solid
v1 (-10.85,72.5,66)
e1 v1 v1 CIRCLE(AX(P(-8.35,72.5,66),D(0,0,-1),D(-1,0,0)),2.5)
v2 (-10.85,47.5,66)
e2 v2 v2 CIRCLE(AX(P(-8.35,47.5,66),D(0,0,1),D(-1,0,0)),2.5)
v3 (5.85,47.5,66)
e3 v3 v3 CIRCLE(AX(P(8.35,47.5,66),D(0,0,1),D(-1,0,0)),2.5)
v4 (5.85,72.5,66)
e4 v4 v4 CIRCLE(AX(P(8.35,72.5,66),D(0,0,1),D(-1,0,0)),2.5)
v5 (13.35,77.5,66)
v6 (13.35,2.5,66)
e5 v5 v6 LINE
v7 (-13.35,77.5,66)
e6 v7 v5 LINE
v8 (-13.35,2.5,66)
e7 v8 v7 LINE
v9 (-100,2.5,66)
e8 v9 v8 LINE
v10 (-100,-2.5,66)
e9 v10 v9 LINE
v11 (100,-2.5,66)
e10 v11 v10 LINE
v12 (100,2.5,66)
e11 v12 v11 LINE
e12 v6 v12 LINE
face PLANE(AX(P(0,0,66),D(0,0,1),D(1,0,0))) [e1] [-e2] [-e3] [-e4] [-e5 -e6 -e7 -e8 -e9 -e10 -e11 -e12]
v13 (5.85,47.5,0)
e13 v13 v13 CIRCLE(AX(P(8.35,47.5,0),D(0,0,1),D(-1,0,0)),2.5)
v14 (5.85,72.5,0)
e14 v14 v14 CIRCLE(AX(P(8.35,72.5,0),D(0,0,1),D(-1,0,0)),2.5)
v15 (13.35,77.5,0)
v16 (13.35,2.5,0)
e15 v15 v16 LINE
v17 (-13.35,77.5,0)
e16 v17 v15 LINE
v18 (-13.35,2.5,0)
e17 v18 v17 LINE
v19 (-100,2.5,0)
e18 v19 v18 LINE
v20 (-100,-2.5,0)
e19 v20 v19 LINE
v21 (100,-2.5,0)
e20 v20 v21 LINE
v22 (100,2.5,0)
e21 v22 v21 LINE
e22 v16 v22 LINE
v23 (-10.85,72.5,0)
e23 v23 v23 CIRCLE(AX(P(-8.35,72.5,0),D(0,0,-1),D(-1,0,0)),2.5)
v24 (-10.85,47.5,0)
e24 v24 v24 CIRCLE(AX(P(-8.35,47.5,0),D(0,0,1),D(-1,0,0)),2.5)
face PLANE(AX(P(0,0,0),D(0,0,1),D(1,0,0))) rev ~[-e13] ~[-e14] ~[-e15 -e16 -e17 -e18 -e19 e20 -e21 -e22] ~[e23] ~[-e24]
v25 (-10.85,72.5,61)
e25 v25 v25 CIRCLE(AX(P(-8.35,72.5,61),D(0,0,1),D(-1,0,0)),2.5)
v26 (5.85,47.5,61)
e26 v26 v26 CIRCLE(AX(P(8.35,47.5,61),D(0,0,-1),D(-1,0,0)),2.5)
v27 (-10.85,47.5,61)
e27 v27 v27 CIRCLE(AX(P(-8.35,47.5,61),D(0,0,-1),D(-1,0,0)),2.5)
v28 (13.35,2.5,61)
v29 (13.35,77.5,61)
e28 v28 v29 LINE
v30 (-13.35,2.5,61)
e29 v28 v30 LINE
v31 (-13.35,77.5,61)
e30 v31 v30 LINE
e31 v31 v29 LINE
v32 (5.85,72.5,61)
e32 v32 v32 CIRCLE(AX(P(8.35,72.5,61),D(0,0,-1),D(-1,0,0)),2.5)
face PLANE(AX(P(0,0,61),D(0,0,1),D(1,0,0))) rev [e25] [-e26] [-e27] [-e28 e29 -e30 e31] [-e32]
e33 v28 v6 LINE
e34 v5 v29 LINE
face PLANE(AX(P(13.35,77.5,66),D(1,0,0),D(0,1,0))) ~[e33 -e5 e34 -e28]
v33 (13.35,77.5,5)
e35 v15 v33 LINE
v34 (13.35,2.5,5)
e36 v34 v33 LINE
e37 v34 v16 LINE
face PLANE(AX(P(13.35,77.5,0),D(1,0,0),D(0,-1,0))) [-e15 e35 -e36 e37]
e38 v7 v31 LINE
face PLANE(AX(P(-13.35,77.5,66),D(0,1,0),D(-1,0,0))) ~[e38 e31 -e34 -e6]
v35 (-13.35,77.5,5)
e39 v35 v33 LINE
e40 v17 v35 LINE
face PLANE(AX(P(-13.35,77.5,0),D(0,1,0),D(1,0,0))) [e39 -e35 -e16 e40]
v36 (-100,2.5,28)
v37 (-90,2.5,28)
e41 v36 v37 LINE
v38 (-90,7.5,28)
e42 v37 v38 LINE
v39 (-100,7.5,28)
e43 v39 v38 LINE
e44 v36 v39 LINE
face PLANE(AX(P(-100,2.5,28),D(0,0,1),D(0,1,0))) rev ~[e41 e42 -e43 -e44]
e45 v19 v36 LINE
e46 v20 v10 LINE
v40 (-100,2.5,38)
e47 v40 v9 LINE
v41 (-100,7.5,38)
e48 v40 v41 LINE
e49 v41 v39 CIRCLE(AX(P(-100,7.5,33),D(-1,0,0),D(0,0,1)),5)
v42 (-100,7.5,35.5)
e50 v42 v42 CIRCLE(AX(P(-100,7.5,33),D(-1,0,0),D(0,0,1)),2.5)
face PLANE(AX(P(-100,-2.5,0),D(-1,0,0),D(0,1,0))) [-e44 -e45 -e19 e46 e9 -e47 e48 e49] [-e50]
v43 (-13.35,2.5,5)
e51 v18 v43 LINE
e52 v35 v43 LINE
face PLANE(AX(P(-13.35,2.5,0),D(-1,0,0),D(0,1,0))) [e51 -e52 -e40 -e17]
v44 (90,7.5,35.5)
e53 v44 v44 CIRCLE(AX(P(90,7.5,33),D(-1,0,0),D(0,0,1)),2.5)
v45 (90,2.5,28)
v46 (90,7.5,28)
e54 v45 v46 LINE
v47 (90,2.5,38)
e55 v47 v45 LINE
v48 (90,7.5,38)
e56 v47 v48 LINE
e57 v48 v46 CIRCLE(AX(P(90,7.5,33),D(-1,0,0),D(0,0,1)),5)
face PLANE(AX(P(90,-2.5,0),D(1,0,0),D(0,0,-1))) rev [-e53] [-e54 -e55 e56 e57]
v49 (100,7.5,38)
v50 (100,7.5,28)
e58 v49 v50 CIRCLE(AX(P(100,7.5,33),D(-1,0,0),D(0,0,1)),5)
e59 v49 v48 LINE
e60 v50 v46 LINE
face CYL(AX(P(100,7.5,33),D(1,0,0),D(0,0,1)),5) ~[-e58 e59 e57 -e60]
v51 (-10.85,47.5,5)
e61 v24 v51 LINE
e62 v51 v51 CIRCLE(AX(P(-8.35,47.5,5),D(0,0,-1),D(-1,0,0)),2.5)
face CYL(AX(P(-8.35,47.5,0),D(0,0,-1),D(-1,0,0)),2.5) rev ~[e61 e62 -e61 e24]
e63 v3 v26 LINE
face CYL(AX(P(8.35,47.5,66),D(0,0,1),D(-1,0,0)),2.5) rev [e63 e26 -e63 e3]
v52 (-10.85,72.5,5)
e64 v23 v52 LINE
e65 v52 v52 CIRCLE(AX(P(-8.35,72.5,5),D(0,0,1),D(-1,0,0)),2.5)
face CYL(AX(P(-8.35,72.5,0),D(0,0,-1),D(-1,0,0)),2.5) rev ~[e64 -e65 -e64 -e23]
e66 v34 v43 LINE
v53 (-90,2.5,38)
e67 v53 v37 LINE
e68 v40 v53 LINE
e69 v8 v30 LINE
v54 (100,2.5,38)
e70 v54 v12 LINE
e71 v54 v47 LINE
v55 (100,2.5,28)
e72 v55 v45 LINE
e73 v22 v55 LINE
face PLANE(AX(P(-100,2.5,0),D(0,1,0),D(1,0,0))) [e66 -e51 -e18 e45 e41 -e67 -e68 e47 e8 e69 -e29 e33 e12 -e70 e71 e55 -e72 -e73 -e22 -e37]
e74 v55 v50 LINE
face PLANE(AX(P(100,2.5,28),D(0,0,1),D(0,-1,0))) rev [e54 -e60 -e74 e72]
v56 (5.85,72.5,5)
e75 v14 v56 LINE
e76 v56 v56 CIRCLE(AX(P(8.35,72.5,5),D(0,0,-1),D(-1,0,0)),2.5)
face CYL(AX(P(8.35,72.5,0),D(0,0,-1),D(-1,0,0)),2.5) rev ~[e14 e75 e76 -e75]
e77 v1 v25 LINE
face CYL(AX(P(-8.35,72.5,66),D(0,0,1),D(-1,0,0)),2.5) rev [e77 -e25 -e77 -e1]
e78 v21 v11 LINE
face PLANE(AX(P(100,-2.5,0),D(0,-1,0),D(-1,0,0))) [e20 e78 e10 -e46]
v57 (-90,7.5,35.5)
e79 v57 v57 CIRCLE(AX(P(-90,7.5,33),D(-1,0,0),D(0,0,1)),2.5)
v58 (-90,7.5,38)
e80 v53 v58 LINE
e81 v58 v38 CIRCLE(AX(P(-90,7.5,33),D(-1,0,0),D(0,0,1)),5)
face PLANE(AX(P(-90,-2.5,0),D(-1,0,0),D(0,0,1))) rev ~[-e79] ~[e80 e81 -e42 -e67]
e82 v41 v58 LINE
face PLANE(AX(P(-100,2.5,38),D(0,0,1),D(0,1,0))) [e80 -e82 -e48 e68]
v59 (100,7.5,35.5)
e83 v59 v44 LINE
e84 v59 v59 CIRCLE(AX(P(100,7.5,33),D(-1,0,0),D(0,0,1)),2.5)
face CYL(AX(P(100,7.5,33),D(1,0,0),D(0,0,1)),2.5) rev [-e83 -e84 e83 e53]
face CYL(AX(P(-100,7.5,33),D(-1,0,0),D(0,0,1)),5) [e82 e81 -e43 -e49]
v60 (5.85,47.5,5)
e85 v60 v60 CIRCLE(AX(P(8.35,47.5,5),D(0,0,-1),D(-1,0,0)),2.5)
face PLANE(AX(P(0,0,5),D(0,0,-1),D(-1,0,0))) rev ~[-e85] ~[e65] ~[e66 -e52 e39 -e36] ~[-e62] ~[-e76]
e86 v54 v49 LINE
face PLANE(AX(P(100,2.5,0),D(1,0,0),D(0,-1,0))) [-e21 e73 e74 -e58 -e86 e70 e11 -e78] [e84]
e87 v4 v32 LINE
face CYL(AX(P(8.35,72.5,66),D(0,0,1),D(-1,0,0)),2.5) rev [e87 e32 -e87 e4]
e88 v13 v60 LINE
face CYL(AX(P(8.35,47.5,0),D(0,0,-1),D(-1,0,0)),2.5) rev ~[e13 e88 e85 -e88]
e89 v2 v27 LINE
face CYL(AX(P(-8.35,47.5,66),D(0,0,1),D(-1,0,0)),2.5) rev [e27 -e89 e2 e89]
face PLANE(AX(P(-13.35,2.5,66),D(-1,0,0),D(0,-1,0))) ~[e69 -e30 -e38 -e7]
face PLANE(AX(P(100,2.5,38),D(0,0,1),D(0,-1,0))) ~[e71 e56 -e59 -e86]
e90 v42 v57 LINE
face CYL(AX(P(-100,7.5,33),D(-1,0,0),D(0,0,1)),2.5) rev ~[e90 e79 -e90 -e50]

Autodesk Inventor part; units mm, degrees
ref_plane "YZ Plane" through (0, 0, 0) normal (1, 0, 0) x (0, 1, 0)
sketch "Sketch1" plane through (0, 0, 0) normal (0, 0, 1) x (1, 0, 0)
  line L0 (100, -2.5) -> (-100, -2.5)
  line L1 (-100, -2.5) -> (-100, 2.5)
  line L2 (-100, 2.5) -> (100, 2.5)
  line L3 (100, 2.5) -> (100, -2.5)
  line L4 (100, -2.5) -> (-100, 2.5) construction
  line L5 (-100, -2.5) -> (100, 2.5) construction
  point P0 (0, 0)
  dimension "d0" = 200
  dimension "d1" = 5
extrude "Extrusion1" add sketch "Sketch1" along normal blind 66
sketch "Sketch2" plane through (0, 0, 0) normal (0, 0, -1) x (-1, 0, 0)
  line L0 (-8.35, 72.5) -> (8.35, 72.5)
  line L1 (8.35, 72.5) -> (8.35, 47.5)
  line L2 (8.35, 47.5) -> (-8.35, 47.5)
  line L3 (-8.35, 47.5) -> (-8.35, 72.5)
  line L4 (-8.35, 72.5) -> (8.35, 47.5) construction
  line L5 (8.35, 72.5) -> (-8.35, 47.5) construction
  line L6 (-13.35, -2.5) -> (13.35, -2.5)
  line L7 (13.35, -2.5) -> (13.35, 77.5)
  line L8 (13.35, 77.5) -> (-13.35, 77.5)
  line L9 (-13.35, 77.5) -> (-13.35, -2.5)
  line L10 (-13.35, -2.5) -> (13.35, 77.5) construction
  line L11 (13.35, -2.5) -> (-13.35, 77.5) construction
  circle A0 centre (-8.35, 47.5) radius 2.5
  circle A1 centre (8.35, 47.5) radius 2.5
  circle A2 centre (8.35, 72.5) radius 2.5
  circle A3 centre (-8.35, 72.5) radius 2.5
  line L12 (-100, 2.5) -> (100, 2.5) projected
  line L13 (100, -2.5) -> (-100, -2.5) projected
  point P0 (0, -2.5)
  dimension "d4" = 25
  dimension "d5" = 16.7
  dimension "d6" = 5
  dimension "d7" = 5
  dimension "d8" = 5
  dimension "d11" = 5
  dimension "d12" = 5
  dimension "d13" = 5
  dimension "d14" = 5
  dimension "d33" = 50
extrude "Extrusion3" cut sketch "Sketch2" along normal blind 5 contours L3 A3 L0 | L0 A3 L3 | A2 L1 L0 | L0 L1 A2 | A0 L2 L3 | L3 L2 A0 | A1 L2 L1 | L1 L2 A1
sketch "Sketch3" plane through (-100, 2.5, 66) normal (0, 1, 0) x (1, 0, 0)
  line L0 (200, 66) -> (0, 66) projected
  line L1 (0, 66) -> (0, 0) projected
  line L2 (200, 0) -> (0, 0) projected
  line L3 (200, 66) -> (200, 0) projected
  line L4 (0, 66) -> (0, 0) projected
  line L5 (200, 66) -> (200, 0) projected
  line L6 (100, 33) -> (100, 66)
  line L7 (100, 33) -> (100, 0)
  line L8 (0, 0) -> (200, 0) projected
  line L9 (100, 33) -> (200, 33)
  circle A0 centre (100, 33) radius 4
  circle A1 centre (150, 33) radius 4
  line L10 (100, 33) -> (200, 33)
  line L11 (200, 66) -> (200, 0) projected
  line L12 (150, 33) -> (100, 33)
  dimension "d17" = 8
  dimension "d18" = 8
  dimension "d23" = 50
sketch "Sketch5" plane through (-100, -2.5, 0) normal (-1, 0, 0) x (0, 0, 1)
  circle A0 centre (33, 10) radius 2.5
  circle A1 centre (33, 10) radius 5
  line L0 (0, 5) -> (0, 20) projected
  line L1 (0, 5) -> (66, 5)
  line L2 (0, 5) -> (66, 5) projected
  line L3 (28, 5) -> (28, 10)
  line L4 (38, 5) -> (38, 10)
  point P0 (0, 2.5)
  point P1 (33, 5)
  point P2 (28, 5)
  point P3 (38, 5)
  dimension "d29" = 5
  dimension "d30" = 10
extrude "Extrusion7" add sketch "Sketch5" against normal blind 10
ref_plane "Work Plane2" through (0, -2.5, 0) normal (-1, 0, 0) x (0, 0, 1)
mirror "Mirror2" about plane through (0, -2.5, 0) normal (-1, 0, 0) of "Extrusion7"
extrude "Extrusion8" add sketch "Sketch2" against normal blind 5 contours L0 A2 L1 A1 L2 A0 L3 A3 | L9 L12 L7 L6 | L9 L8 L7 L12
ref_plane "Work Plane3" through (0, 0, 33) normal (0, 0, -1) x (-1, 0, 0)
mirror "Mirror3" about plane through (0, 0, 33) normal (0, 0, -1) of "Extrusion8"
properties part number "FP V2 Mounting Plate" material "Aluminum 6061"
